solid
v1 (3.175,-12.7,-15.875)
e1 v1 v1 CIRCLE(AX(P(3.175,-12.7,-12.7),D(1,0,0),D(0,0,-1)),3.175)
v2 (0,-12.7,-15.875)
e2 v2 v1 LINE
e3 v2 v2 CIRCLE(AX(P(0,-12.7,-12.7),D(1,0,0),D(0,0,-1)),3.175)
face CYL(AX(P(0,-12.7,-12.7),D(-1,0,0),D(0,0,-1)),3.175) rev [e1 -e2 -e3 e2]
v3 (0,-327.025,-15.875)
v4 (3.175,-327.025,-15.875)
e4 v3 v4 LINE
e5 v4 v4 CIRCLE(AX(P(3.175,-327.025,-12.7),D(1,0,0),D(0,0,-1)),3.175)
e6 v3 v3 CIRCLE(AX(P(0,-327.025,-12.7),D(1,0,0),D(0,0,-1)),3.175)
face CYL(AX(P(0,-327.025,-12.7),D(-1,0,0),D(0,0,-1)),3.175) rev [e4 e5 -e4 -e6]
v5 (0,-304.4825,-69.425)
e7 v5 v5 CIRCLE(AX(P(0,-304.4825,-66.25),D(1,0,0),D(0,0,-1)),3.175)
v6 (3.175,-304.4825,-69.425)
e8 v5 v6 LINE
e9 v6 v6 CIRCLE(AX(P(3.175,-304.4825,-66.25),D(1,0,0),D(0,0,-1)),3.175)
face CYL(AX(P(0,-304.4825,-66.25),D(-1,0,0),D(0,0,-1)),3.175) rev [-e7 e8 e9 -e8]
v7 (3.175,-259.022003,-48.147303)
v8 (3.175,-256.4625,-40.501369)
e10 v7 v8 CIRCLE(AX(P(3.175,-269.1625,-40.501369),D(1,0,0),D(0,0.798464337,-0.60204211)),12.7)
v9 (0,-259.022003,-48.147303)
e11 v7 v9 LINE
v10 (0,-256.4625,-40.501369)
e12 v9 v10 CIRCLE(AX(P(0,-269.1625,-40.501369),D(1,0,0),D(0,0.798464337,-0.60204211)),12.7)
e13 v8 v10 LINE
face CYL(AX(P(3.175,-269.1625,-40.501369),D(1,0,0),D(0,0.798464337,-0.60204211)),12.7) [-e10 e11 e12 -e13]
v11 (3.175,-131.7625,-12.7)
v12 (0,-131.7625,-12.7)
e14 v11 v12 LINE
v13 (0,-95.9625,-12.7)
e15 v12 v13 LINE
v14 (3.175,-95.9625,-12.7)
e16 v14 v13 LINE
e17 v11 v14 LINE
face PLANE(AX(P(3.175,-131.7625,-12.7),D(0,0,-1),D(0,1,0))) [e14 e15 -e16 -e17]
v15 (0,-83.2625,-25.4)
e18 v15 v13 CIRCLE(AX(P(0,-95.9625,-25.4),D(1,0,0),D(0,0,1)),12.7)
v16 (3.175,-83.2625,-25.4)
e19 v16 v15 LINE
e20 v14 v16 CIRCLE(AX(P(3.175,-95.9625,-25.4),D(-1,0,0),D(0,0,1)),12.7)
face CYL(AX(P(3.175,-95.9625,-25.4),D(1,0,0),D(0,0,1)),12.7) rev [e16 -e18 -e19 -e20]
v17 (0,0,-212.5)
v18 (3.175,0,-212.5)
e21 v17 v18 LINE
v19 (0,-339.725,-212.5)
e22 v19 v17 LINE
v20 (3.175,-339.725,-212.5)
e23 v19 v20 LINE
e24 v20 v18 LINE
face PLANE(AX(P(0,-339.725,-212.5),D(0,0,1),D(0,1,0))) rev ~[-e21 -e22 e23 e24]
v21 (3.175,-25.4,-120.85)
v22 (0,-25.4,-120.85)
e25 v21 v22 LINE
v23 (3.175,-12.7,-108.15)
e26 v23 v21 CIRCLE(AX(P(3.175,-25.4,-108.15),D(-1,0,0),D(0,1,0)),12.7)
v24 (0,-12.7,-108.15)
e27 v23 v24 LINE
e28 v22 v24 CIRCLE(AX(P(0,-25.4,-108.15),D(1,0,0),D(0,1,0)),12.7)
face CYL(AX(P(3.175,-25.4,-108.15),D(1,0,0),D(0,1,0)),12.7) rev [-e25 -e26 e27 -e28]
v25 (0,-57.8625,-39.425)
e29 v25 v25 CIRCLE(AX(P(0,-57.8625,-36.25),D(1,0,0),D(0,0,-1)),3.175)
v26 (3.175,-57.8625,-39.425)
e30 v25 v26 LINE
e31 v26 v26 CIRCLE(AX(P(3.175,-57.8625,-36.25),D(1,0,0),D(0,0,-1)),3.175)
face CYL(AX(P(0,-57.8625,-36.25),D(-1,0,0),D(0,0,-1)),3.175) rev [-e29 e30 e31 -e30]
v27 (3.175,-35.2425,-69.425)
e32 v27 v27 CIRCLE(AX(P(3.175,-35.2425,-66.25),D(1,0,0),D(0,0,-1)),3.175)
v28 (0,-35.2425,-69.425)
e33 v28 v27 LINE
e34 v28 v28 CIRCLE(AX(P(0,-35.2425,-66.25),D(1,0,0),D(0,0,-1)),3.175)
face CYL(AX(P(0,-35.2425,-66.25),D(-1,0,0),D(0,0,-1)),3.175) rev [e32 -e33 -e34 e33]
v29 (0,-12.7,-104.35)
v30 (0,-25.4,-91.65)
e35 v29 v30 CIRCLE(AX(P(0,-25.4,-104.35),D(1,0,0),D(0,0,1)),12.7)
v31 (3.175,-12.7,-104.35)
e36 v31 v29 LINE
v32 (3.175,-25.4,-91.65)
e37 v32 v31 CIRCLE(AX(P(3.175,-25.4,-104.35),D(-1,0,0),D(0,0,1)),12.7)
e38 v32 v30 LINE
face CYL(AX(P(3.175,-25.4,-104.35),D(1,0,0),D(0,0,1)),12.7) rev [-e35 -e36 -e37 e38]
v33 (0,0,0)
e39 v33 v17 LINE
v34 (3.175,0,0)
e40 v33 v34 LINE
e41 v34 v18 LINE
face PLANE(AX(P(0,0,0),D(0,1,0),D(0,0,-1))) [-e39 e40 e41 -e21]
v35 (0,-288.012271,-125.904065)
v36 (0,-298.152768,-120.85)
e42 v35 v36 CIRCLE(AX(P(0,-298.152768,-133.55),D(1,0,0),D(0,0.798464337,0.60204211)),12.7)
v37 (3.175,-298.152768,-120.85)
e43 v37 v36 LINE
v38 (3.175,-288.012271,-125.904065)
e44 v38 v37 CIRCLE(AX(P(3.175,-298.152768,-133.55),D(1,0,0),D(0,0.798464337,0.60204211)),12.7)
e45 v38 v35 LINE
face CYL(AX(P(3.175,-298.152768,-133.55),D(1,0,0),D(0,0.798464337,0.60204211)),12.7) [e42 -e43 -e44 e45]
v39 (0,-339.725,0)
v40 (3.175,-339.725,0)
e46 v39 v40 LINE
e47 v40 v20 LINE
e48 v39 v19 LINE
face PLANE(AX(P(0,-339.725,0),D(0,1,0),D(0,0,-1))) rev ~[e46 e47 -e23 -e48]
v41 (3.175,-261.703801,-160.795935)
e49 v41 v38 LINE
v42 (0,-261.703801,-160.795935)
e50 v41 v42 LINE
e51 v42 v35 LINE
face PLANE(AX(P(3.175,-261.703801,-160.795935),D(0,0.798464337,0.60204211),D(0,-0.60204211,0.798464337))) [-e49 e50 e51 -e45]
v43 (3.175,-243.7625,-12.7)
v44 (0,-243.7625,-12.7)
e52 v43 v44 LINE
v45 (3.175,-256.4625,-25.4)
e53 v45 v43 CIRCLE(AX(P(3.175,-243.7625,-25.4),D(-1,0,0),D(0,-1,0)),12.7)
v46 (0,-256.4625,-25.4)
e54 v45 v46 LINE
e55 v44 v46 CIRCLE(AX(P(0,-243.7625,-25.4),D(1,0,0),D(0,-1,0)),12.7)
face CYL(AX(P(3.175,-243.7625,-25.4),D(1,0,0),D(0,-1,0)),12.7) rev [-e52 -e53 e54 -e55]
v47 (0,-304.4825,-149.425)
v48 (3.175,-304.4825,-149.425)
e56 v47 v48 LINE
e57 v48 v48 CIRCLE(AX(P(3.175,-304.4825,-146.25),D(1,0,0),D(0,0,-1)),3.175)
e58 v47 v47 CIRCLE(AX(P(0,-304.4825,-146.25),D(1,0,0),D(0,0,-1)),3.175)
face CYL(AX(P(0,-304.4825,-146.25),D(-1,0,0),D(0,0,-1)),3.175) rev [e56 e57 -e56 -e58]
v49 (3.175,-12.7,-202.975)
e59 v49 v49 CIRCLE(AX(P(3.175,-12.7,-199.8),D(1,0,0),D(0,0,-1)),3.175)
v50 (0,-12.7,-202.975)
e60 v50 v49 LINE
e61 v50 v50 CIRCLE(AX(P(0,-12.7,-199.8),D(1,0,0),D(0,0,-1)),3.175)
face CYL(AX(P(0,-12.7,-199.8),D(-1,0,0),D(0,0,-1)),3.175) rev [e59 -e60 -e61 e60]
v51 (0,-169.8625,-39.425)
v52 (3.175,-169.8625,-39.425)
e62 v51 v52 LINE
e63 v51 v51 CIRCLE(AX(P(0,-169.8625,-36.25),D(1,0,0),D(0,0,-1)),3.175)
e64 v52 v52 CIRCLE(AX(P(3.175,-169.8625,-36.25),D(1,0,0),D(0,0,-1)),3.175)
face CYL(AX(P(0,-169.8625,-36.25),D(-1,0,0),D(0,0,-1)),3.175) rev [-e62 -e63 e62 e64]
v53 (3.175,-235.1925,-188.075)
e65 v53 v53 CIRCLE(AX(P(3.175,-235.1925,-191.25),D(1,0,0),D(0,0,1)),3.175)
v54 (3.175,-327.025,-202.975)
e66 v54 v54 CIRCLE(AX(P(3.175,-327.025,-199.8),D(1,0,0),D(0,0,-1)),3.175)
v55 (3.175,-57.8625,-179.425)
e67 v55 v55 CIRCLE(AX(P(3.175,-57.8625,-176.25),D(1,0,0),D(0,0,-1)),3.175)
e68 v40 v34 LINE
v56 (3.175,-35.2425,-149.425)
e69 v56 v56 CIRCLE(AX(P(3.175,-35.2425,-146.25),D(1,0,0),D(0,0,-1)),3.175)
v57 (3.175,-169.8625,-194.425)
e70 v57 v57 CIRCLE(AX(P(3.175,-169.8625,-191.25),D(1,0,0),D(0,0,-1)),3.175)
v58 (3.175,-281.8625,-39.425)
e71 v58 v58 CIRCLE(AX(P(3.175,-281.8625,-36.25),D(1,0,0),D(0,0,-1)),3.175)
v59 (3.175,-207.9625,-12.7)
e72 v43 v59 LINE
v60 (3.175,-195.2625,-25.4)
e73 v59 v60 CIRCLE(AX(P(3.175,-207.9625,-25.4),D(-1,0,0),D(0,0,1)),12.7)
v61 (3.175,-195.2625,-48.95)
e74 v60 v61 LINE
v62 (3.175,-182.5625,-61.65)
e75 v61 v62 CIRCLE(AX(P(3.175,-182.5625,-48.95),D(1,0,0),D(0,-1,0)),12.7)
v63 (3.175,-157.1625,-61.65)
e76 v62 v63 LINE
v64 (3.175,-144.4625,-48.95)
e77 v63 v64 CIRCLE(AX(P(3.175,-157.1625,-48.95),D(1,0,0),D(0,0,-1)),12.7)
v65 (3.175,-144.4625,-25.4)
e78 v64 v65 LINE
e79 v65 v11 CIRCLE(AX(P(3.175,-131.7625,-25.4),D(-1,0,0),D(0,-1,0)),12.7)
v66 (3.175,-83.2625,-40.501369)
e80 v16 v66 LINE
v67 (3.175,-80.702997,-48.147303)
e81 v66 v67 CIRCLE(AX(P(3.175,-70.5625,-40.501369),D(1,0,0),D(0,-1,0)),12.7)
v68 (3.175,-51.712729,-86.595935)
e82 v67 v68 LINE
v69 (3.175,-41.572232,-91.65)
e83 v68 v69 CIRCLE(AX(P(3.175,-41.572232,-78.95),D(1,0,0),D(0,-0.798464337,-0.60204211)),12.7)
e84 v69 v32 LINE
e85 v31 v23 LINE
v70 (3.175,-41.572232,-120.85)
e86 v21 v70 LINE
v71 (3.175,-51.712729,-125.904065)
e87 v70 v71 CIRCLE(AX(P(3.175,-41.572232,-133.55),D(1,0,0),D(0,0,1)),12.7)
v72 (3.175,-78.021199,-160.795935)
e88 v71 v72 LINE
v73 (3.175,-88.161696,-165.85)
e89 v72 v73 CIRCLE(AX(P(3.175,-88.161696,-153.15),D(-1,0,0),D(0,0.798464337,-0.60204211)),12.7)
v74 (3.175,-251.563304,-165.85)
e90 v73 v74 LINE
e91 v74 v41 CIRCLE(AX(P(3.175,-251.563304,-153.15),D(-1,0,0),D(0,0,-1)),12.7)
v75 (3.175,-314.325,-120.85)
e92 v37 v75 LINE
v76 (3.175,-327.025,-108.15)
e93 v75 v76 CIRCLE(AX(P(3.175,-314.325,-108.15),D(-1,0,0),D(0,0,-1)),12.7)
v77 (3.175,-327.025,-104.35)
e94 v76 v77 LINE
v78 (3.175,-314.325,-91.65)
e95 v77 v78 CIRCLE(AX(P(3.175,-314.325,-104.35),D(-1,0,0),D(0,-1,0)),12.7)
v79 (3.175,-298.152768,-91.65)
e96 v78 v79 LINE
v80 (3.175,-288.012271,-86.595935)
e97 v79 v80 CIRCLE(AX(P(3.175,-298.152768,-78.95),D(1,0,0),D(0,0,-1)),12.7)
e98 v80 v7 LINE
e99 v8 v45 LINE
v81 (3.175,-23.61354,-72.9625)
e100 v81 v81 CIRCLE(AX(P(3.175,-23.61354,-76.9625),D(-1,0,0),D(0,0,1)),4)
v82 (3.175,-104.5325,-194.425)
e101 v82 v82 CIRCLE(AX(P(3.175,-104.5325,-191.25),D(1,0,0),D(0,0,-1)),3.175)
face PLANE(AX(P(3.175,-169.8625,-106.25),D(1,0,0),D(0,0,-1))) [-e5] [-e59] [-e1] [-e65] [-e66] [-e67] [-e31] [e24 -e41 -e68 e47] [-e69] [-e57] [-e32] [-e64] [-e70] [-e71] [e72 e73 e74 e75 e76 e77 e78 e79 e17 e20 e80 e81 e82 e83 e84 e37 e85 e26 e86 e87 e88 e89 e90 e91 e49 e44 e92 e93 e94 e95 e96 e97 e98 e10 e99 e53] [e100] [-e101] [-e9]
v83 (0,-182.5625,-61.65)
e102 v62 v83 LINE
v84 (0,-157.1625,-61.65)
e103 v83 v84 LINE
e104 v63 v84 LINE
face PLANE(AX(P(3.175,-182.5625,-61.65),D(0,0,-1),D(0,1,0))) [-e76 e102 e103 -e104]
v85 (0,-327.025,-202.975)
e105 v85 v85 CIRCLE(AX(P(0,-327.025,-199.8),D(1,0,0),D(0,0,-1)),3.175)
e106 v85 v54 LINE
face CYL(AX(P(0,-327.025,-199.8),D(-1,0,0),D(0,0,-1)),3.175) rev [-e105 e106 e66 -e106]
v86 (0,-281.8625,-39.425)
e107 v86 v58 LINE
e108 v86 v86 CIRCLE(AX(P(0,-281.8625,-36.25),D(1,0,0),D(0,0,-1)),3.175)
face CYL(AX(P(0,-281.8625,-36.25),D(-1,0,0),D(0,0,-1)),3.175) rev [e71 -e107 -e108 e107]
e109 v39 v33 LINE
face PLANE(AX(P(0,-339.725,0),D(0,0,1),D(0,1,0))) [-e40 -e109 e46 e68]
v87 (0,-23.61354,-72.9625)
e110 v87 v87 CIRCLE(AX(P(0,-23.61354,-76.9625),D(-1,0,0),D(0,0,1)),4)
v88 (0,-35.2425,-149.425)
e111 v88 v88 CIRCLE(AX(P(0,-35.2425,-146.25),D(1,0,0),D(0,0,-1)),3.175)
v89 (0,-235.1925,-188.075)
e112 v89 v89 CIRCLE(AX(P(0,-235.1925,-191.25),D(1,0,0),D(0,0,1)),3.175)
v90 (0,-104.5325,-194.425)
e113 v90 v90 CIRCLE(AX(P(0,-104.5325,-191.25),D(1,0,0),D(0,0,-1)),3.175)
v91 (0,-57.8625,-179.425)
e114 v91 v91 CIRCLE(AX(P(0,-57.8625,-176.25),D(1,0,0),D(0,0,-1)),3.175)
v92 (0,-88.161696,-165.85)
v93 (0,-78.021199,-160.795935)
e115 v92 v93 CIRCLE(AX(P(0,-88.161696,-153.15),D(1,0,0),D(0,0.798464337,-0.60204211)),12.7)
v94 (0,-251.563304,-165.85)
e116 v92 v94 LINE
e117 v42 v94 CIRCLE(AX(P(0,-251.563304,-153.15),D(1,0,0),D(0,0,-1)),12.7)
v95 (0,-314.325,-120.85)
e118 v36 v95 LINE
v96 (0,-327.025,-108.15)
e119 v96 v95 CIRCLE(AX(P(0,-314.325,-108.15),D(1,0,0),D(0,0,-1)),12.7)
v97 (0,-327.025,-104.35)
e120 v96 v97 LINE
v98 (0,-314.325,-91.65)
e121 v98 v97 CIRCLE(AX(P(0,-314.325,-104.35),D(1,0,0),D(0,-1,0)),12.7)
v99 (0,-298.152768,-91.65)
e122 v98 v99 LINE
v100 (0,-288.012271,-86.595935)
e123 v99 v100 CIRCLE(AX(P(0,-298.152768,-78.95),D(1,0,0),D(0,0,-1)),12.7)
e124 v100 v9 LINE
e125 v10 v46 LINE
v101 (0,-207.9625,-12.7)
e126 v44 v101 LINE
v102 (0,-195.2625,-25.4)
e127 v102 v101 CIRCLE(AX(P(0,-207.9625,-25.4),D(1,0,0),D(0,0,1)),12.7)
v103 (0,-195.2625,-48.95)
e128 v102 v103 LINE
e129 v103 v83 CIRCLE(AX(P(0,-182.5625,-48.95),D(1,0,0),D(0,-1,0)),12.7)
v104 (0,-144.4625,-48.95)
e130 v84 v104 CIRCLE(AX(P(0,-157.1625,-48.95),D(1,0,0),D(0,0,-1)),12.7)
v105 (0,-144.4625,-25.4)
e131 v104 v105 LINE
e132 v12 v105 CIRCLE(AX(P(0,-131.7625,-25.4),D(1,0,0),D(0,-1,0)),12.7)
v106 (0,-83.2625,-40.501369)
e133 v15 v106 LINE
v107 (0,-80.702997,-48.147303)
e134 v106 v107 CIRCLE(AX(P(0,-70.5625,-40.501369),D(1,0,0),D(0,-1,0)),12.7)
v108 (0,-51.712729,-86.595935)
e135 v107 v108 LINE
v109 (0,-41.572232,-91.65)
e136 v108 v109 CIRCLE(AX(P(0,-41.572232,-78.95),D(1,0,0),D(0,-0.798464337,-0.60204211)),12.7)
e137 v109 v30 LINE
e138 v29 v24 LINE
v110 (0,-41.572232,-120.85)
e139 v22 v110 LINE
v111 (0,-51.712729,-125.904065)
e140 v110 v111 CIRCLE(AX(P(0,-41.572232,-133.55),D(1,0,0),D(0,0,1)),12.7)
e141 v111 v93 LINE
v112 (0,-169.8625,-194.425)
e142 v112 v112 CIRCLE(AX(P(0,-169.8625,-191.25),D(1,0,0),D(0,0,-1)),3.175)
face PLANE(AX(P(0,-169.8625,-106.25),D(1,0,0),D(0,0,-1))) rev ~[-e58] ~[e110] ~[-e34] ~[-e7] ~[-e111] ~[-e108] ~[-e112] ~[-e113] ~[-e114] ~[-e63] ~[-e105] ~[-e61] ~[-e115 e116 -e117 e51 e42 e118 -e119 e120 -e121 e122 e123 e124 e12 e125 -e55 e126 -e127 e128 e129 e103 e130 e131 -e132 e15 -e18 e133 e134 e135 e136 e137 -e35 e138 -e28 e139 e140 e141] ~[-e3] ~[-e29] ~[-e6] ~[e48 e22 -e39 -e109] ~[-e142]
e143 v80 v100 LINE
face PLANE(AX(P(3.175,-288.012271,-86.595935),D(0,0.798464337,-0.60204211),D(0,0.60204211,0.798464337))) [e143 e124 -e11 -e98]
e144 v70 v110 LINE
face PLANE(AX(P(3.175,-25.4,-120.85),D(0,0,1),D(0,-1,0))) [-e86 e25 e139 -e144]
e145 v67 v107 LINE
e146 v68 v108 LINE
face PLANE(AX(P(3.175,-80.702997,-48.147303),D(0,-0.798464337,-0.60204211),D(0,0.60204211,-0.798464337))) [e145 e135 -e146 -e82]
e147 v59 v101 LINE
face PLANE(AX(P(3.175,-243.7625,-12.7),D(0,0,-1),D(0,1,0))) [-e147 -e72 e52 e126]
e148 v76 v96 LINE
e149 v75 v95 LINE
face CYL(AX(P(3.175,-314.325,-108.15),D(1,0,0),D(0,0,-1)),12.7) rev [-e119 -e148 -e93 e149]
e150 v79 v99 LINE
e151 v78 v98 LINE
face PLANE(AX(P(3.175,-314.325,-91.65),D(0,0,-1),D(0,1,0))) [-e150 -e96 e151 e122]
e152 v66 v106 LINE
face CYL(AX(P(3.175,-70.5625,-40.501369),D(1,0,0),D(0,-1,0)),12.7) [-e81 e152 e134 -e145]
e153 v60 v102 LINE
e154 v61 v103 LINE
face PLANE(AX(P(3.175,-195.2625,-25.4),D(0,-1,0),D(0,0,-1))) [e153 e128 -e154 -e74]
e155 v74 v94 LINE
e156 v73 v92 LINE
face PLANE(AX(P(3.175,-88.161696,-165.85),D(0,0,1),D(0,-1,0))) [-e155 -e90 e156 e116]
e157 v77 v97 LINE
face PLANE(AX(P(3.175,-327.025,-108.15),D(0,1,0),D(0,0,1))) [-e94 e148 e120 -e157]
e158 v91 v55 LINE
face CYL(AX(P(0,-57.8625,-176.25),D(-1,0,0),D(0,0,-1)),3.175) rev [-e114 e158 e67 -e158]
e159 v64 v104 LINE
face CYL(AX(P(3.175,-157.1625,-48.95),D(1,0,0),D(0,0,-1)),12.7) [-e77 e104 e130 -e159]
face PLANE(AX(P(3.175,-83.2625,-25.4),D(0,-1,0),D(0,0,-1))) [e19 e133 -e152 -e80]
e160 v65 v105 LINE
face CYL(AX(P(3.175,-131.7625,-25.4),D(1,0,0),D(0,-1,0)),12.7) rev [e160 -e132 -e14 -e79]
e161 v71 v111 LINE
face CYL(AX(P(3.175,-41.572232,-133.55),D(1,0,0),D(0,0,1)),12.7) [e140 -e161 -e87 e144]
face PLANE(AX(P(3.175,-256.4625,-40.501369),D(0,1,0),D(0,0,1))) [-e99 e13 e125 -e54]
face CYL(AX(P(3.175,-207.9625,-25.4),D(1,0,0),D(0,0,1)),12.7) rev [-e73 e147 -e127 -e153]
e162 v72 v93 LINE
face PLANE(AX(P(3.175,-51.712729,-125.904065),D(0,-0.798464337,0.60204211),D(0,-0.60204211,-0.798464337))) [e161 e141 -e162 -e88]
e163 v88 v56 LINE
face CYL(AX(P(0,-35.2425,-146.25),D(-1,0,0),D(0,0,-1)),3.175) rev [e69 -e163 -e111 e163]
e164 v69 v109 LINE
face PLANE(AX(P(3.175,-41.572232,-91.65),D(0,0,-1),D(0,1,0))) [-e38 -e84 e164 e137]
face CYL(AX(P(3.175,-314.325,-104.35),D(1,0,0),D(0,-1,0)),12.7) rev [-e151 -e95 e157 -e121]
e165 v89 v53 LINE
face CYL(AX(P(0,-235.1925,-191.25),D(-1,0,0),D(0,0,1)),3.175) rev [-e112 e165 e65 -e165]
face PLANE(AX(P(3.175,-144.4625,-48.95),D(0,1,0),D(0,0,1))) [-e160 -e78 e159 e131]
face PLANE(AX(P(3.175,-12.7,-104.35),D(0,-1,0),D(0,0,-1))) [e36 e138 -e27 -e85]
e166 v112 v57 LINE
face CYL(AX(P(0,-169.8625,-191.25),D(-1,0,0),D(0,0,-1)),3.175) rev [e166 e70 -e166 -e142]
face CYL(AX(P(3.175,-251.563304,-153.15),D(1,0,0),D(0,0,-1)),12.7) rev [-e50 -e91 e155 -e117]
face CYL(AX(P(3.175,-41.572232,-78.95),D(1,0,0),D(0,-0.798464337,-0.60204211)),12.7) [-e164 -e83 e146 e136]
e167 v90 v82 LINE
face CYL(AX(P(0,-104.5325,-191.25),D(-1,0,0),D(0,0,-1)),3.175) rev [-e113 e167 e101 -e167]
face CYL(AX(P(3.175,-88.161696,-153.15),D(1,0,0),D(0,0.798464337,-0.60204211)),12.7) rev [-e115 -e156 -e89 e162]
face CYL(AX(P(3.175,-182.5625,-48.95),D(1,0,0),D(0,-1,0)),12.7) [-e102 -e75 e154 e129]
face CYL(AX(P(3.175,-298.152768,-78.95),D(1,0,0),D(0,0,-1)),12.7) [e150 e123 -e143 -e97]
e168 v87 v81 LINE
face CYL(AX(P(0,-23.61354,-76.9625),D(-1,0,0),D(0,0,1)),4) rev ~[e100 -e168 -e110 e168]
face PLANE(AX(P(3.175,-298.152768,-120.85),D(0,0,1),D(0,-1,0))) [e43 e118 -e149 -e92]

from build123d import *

# Parameters (mm, degrees)
SKETCH1_W           = 212.5
SKETCH1_H           = 339.725
SKETCH1_R           = 3.175
BOSS_EXTRUDE1_DEPTH = 3.175
CUT_EXTRUDE1_DEPTH  = 401.72360331
SKETCH3_R           = 4
CUT_EXTRUDE2_DEPTH  = 45.72
SKETCH4_R           = 4
CUT_EXTRUDE3_DEPTH  = 14.986


with BuildPart() as part:
    # Sketch1 → Boss-Extrude1 (new body)
    with BuildSketch(Plane(origin=(0, 0, 0), x_dir=(0, 0, -1), z_dir=(1, 0, 0))):
        with Locations((106.25, -169.8625)):
            Rectangle(SKETCH1_W, SKETCH1_H)
        with Locations((12.7, -12.7)):
            Circle(SKETCH1_R, mode=Mode.SUBTRACT)
        with Locations((199.8, -12.7)):
            Circle(SKETCH1_R, mode=Mode.SUBTRACT)
        with Locations((66.25, -35.2425)):
            Circle(SKETCH1_R, mode=Mode.SUBTRACT)
        with Locations((146.25, -35.2425)):
            Circle(SKETCH1_R, mode=Mode.SUBTRACT)
        with Locations((176.25, -57.8625)):
            Circle(SKETCH1_R, mode=Mode.SUBTRACT)
        with Locations((36.25, -57.8625)):
            Circle(SKETCH1_R, mode=Mode.SUBTRACT)
        with Locations((191.25, -104.5325)):
            Circle(SKETCH1_R, mode=Mode.SUBTRACT)
        with Locations((36.25, -169.8625)):
            Circle(SKETCH1_R, mode=Mode.SUBTRACT)
        with Locations((191.25, -169.8625)):
            Circle(SKETCH1_R, mode=Mode.SUBTRACT)
        with Locations((36.25, -281.8625)):
            Circle(SKETCH1_R, mode=Mode.SUBTRACT)
        with Locations((66.25, -304.4825)):
            Circle(SKETCH1_R, mode=Mode.SUBTRACT)
        with Locations((12.7, -327.025)):
            Circle(SKETCH1_R, mode=Mode.SUBTRACT)
        with Locations((199.8, -327.025)):
            Circle(SKETCH1_R, mode=Mode.SUBTRACT)
        with Locations((146.25, -304.4825)):
            Circle(SKETCH1_R, mode=Mode.SUBTRACT)
        with Locations(Location((191.25, -235.1925, 0), (0, 0, 180))):
            Circle(SKETCH1_R, mode=Mode.SUBTRACT)
    extrude(amount=BOSS_EXTRUDE1_DEPTH)

    # Sketch2 → Cut-Extrude1 (cut, through all)
    with BuildSketch(Plane(origin=(3.175, 0, 0), x_dir=(0, 0, -1), z_dir=(1, 0, 0))):
        with BuildLine():
            Line((165.85, -88.161695758), (165.85, -251.563304242))
            ThreePointArc((165.85, -251.563304242), (164.516472011, -257.22840036), (160.795934799, -261.703801323))
            Line((160.795934799, -261.703801323), (125.904065201, -288.012271))
            ThreePointArc((125.904065201, -288.012271), (122.183527989, -292.487671963), (120.85, -298.152768081))
            Line((120.85, -298.152768081), (120.85, -314.325))
            ThreePointArc((120.85, -314.325), (117.130256121, -323.305256121), (108.15, -327.025))
            Line((108.15, -327.025), (104.35, -327.025))
            ThreePointArc((104.35, -327.025), (95.369743879, -323.305256121), (91.65, -314.325))
            Line((91.65, -314.325), (91.65, -298.152768081))
            ThreePointArc((91.65, -298.152768081), (90.316472011, -292.487671963), (86.595934799, -288.012271))
            Line((86.595934799, -288.012271), (48.147303392, -259.022002919))
            ThreePointArc((48.147303392, -259.022002919), (44.532850149, -257.119362682), (40.501368593, -256.4625))
            Line((40.501368593, -256.4625), (25.4, -256.4625))
            ThreePointArc((25.4, -256.4625), (16.419743879, -252.742756121), (12.7, -243.7625))
            Line((12.7, -243.7625), (12.7, -207.9625))
            ThreePointArc((12.7, -207.9625), (16.419743879, -198.982243879), (25.4, -195.2625))
            Line((25.4, -195.2625), (48.95, -195.2625))
            ThreePointArc((48.95, -195.2625), (57.930256121, -191.542756121), (61.65, -182.5625))
            Line((61.65, -182.5625), (61.65, -157.1625))
            ThreePointArc((61.65, -157.1625), (57.930256121, -148.182243879), (48.95, -144.4625))
            Line((48.95, -144.4625), (25.4, -144.4625))
            ThreePointArc((25.4, -144.4625), (16.419743879, -140.742756121), (12.7, -131.7625))
            Line((12.7, -131.7625), (12.7, -95.9625))
            ThreePointArc((12.7, -95.9625), (16.419743879, -86.982243879), (25.4, -83.2625))
            Line((25.4, -83.2625), (40.501368593, -83.2625))
            ThreePointArc((40.501368593, -83.2625), (44.532850149, -82.605637318), (48.147303392, -80.702997081))
            Line((48.147303392, -80.702997081), (86.595934799, -51.712729))
            ThreePointArc((86.595934799, -51.712729), (90.316472011, -47.237328037), (91.65, -41.572231919))
            Line((91.65, -41.572231919), (91.65, -25.4))
            ThreePointArc((91.65, -25.4), (95.369743879, -16.419743879), (104.35, -12.7))
            Line((104.35, -12.7), (108.15, -12.7))
            ThreePointArc((108.15, -12.7), (117.130256121, -16.419743879), (120.85, -25.4))
            Line((120.85, -25.4), (120.85, -41.572231919))
            ThreePointArc((120.85, -41.572231919), (122.183527989, -47.237328037), (125.904065201, -51.712729))
            Line((125.904065201, -51.712729), (160.795934799, -78.021198677))
            ThreePointArc((160.795934799, -78.021198677), (164.516472011, -82.49659964), (165.85, -88.161695758))
        make_face()
    extrude(amount=-CUT_EXTRUDE1_DEPTH, mode=Mode.SUBTRACT)

    # Sketch3 → Cut-Extrude2 (cut)
    with BuildSketch(Plane.ZY):
        with Locations((-353.343139499, -302.41374809)):
            Circle(SKETCH3_R)
    extrude(amount=-CUT_EXTRUDE2_DEPTH, mode=Mode.SUBTRACT)

    # Sketch4 → Cut-Extrude3 (cut)
    with BuildSketch(Plane.ZY):
        with Locations((-76.9625, -23.613540107)):
            Circle(SKETCH4_R)
    extrude(amount=-CUT_EXTRUDE3_DEPTH, mode=Mode.SUBTRACT)


solid = part.part
